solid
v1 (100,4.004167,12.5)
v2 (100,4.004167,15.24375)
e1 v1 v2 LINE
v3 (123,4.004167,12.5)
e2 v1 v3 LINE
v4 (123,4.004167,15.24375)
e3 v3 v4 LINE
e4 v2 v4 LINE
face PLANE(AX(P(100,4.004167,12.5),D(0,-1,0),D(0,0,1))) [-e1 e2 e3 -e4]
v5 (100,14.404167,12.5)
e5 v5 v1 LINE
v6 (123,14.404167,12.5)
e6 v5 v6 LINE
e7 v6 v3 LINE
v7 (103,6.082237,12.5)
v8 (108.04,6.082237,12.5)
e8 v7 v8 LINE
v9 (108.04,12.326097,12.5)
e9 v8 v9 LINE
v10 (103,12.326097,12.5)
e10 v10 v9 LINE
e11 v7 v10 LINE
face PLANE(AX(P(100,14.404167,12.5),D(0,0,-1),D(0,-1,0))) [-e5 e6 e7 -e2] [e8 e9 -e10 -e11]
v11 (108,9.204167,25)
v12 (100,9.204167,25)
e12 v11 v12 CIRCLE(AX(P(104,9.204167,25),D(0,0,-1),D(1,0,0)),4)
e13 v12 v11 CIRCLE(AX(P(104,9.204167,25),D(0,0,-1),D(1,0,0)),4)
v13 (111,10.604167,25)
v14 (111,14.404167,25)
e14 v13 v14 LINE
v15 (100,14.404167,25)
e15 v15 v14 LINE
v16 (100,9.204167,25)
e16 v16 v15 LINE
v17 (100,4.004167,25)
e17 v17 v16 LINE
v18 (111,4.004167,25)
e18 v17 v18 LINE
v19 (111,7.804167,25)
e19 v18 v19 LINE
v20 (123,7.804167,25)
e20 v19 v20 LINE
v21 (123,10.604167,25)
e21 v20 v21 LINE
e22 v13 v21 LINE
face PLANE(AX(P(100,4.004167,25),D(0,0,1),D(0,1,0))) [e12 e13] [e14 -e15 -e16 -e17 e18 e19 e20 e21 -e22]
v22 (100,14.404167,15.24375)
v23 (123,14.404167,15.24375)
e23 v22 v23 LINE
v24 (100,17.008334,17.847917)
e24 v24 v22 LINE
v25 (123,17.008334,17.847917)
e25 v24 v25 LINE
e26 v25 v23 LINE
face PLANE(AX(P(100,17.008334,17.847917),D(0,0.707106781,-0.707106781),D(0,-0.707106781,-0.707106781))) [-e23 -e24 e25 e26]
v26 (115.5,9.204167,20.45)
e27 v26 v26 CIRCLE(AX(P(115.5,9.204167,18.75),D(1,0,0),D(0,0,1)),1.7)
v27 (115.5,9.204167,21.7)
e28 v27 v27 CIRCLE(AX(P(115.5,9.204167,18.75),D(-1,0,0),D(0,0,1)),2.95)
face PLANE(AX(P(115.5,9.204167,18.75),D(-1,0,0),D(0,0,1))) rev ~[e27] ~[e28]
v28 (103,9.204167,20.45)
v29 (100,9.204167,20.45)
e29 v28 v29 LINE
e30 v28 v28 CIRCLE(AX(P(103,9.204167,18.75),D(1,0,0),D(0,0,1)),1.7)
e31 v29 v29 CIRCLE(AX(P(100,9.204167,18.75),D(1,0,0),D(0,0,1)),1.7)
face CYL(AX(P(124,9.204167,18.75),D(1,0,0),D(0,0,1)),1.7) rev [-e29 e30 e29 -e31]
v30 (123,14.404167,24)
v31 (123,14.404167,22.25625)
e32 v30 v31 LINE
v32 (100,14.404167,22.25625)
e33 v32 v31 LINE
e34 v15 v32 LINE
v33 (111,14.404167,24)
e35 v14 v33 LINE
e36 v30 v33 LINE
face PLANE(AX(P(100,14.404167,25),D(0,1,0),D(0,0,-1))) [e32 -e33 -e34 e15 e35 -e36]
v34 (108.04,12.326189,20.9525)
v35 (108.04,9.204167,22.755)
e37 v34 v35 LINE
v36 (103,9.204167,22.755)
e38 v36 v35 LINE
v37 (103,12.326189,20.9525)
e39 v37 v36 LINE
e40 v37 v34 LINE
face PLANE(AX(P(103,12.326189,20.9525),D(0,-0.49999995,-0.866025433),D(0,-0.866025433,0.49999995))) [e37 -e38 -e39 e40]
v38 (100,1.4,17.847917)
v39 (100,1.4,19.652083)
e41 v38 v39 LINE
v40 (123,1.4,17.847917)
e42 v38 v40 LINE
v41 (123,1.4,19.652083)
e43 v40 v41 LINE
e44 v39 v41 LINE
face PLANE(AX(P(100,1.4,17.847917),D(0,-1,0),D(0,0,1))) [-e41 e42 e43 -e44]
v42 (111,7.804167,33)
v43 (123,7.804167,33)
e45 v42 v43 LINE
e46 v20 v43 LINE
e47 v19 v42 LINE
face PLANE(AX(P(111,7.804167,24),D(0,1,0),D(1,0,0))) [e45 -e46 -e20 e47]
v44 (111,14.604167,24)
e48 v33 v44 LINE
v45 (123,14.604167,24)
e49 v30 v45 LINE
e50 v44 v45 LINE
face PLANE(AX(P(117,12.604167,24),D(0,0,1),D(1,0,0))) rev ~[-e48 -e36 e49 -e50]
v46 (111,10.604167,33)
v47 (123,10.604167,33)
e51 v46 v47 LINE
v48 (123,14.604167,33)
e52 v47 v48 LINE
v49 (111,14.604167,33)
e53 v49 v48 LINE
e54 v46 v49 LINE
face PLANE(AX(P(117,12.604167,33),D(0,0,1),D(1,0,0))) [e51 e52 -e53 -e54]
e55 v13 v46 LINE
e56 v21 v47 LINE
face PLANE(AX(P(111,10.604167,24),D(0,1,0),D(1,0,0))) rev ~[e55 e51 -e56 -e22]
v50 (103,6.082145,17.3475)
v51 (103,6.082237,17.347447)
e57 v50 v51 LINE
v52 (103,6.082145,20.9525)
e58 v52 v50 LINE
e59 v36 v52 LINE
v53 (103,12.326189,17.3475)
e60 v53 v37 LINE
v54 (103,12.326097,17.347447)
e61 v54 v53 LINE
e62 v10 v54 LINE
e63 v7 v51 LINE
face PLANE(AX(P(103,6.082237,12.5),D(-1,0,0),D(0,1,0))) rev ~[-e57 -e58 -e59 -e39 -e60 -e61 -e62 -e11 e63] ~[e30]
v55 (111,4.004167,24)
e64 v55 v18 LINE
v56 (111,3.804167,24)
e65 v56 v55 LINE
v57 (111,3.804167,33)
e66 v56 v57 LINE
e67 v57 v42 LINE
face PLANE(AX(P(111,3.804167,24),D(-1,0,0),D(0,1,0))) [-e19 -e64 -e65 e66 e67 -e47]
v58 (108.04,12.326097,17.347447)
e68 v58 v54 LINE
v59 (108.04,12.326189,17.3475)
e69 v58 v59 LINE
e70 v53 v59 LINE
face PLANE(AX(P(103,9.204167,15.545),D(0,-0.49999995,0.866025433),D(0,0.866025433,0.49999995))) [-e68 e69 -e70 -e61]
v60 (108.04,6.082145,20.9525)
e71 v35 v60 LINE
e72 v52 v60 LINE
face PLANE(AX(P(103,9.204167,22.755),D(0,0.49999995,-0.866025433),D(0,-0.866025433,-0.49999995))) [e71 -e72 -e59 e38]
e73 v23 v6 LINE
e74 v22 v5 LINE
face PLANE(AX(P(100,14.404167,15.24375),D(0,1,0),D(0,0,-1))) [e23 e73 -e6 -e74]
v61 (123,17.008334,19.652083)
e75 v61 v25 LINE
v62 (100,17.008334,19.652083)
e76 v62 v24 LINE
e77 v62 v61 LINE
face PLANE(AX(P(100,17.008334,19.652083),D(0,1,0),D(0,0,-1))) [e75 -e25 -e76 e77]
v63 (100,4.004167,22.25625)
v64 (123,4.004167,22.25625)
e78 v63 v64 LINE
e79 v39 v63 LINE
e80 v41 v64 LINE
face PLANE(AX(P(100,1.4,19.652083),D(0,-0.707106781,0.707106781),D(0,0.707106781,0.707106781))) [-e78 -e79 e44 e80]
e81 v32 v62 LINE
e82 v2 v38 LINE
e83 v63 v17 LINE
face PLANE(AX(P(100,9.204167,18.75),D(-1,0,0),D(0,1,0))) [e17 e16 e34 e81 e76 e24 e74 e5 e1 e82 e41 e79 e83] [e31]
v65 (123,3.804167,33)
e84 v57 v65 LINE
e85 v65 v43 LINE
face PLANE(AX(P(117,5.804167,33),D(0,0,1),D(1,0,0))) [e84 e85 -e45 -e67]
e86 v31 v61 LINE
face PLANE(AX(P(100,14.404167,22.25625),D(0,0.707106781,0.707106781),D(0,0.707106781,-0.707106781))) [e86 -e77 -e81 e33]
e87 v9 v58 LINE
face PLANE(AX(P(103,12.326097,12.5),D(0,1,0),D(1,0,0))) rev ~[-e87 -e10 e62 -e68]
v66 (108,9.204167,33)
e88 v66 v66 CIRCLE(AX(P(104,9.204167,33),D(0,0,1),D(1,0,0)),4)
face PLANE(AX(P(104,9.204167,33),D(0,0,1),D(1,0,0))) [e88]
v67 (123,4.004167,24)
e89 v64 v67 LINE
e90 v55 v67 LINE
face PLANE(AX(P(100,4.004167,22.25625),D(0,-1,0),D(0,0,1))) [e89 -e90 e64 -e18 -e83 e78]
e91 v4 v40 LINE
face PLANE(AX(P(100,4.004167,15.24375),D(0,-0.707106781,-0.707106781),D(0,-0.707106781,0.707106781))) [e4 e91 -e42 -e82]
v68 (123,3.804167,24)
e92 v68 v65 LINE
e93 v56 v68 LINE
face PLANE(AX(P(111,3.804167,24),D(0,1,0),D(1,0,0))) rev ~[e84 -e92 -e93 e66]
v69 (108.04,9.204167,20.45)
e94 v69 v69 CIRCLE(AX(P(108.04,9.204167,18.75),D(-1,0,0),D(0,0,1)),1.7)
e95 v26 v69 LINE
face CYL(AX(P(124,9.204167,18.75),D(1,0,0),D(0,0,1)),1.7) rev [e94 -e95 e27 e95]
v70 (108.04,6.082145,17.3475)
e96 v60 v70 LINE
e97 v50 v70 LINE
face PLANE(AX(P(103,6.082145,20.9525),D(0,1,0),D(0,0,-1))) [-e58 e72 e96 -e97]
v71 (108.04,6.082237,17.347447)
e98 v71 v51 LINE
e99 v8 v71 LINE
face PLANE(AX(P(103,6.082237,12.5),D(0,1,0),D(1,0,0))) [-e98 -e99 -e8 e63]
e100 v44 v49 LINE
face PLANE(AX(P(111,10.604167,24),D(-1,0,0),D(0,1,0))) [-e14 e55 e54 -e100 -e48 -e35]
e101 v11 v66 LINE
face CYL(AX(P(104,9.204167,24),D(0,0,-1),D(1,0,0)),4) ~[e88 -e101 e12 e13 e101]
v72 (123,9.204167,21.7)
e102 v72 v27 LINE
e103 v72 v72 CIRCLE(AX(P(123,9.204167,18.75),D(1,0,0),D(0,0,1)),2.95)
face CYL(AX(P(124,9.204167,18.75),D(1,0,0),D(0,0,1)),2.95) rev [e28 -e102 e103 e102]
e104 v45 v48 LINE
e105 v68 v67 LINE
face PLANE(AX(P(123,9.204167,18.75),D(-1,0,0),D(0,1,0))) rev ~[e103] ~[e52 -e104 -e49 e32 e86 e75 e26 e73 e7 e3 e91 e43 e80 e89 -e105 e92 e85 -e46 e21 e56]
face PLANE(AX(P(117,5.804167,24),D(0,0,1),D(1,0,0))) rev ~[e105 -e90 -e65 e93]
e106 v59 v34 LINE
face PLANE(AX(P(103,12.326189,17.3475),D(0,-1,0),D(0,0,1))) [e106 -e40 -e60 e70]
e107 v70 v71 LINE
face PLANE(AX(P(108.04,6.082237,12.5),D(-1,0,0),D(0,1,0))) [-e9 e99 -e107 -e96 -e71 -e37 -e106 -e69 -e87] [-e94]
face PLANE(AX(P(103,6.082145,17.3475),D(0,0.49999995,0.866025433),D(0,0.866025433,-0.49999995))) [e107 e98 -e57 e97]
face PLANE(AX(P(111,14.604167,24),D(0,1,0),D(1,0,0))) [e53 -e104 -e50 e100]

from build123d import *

# Parameters (mm, degrees)
GT2CLAMP0_BASE_LSCREW_NUT_DEPTH       = 5.04
GT2CLAMP0_BASE_LSCREW_NUT_PITCH_ANGLE = 90
GT2CLAMP0_BASE_LSCREW_NUT2_W          = 5.04
GT2CLAMP0_BASE_LSCREW_NUT2_H          = 6.24386
GT2CLAMP0_BASE_LSCREW_NUT2_DEPTH      = 6.65
GT2CLAMP0_BASE_LSCREW_HEAD_R          = 2.95
GT2CLAMP0_BASE_LSCREW_HEAD_DEPTH      = 8.5
GT2CLAMP0_BASE_LSCREW_SHANK_R         = 1.7
GT2CLAMP0_BASE_LSCREW_SHANK_DEPTH     = 25
GT2CLAMP0_BASE_LSCREW_PITCH_ANGLE     = -90
GT2CLAMP0_CB3_W                       = 12
GT2CLAMP0_CB3_H                       = 4
GT2CLAMP0_CB3_DEPTH                   = 9
GT2CLAMP0_CYL_R                       = 4
GT2CLAMP0_CYL_DEPTH                   = 9
GT2CLAMP0EXTR_BASE_DEPTH              = 23
GT2CLAMP0_CB1_W                       = 12
GT2CLAMP0_CB1_H                       = 4
GT2CLAMP0_CB1_DEPTH                   = 9


with BuildPart() as gt2clamp0_base_lscrew_nut:
    # gt2clamp0_base_lscrew_nut → gt2clamp0_base_lscrew_nut (new body)
    with BuildSketch(Plane.XY):
        Polygon((3.605, 0), (1.8025, 3.122022), (-1.8025, 3.122022), (-3.605, 0), (-1.8025, -3.122022), (1.8025, -3.122022), align=None)
    extrude(amount=GT2CLAMP0_BASE_LSCREW_NUT_DEPTH)


with BuildPart() as gt2clamp0_base_lscrew_nut_1:
    # gt2clamp0_base_lscrew_nut pitch: moved
    add(gt2clamp0_base_lscrew_nut.part.rotate(Axis((0, 0, 0), (0, 1, 0)), GT2CLAMP0_BASE_LSCREW_NUT_PITCH_ANGLE))


with BuildPart() as gt2clamp0_base_lscrew_nut_2:
    # gt2clamp0_base_lscrew_nut placement: moved
    add(gt2clamp0_base_lscrew_nut_1.part.moved(Location((3, 8.004167, 6.65))))


with BuildPart() as gt2clamp0_base_lscrew_nut2:
    # gt2clamp0_base_lscrew_nut2 → gt2clamp0_base_lscrew_nut2 (new body)
    with BuildSketch(Plane(origin=(3, 4.882237, 0), x_dir=(1, 0, 0), z_dir=(0, 0, 1))):
        with Locations((2.52, 3.12193)):
            Rectangle(GT2CLAMP0_BASE_LSCREW_NUT2_W, GT2CLAMP0_BASE_LSCREW_NUT2_H)
    extrude(amount=GT2CLAMP0_BASE_LSCREW_NUT2_DEPTH)


with BuildPart() as gt2clamp0_base_lscrew_head:
    # gt2clamp0_base_lscrew_head → gt2clamp0_base_lscrew_head (new body)
    with BuildSketch(Plane.XY.offset(-1)):
        Circle(GT2CLAMP0_BASE_LSCREW_HEAD_R)
    extrude(amount=GT2CLAMP0_BASE_LSCREW_HEAD_DEPTH)


with BuildPart() as gt2clamp0_clamp_hole:
    # gt2clamp0_base_lscrew_shank → gt2clamp0_base_lscrew_shank (new body)
    with BuildSketch(Plane.XY.offset(-1)):
        Circle(GT2CLAMP0_BASE_LSCREW_SHANK_R)
    extrude(amount=GT2CLAMP0_BASE_LSCREW_SHANK_DEPTH)

    # gt2clamp0_base_lscrew: union gt2clamp0_base_lscrew_head
    add(gt2clamp0_base_lscrew_head.part)


with BuildPart() as gt2clamp0_clamp_hole_1:
    # gt2clamp0_base_lscrew pitch: moved
    add(gt2clamp0_clamp_hole.part.rotate(Axis((0, 0, 0), (0, 1, 0)), GT2CLAMP0_BASE_LSCREW_PITCH_ANGLE))


with BuildPart() as gt2clamp0_clamp_hole_2:
    # gt2clamp0_base_lscrew placement: moved
    add(gt2clamp0_clamp_hole_1.part.moved(Location((23, 8.004167, 6.25))))

    # gt2clamp0_clamp_hole: union gt2clamp0_base_lscrew_nut, gt2clamp0_base_lscrew_nut2
    add(gt2clamp0_base_lscrew_nut_2.part)
    add(gt2clamp0_base_lscrew_nut2.part)


with BuildPart() as gt2clamp0_cb3:
    # gt2clamp0_cb3 → gt2clamp0_cb3 (new body)
    with BuildSketch(Plane(origin=(11, 9.404167, 11.5), x_dir=(1, 0, 0), z_dir=(0, 0, 1))):
        with Locations((6, 2)):
            Rectangle(GT2CLAMP0_CB3_W, GT2CLAMP0_CB3_H)
    extrude(amount=GT2CLAMP0_CB3_DEPTH)


with BuildPart() as gt2clamp0_cyl:
    # gt2clamp0_cyl → gt2clamp0_cyl (new body)
    with BuildSketch(Plane(origin=(4, 8.004167, 11.5), x_dir=(1, 0, 0), z_dir=(0, 0, 1))):
        Circle(GT2CLAMP0_CYL_R)
    extrude(amount=GT2CLAMP0_CYL_DEPTH)


with BuildPart() as gt2clamp0extr_base:
    # gt2clamp0base_plane_yz → gt2clamp0extr_base (new body)
    with BuildSketch(Plane(origin=(0, 8.004167, 6.25), x_dir=(0, 1, 0), z_dir=(-1, 0, 0))):
        Polygon((-5.2, 6.25), (-5.2, 3.50625), (-7.804167, 0.902083), (-7.804167, -0.902083), (-5.2, -3.50625), (-5.2, -6.25), (5.2, -6.25), (5.2, -3.50625), (7.804167, -0.902083), (7.804167, 0.902083), (5.2, 3.50625), (5.2, 6.25), align=None)
    extrude(amount=-GT2CLAMP0EXTR_BASE_DEPTH)


with BuildPart() as gt2clamp0:
    # gt2clamp0_cb1 → gt2clamp0_cb1 (new body)
    with BuildSketch(Plane(origin=(11, 2.604167, 11.5), x_dir=(1, 0, 0), z_dir=(0, 0, 1))):
        with Locations((6, 2)):
            Rectangle(GT2CLAMP0_CB1_W, GT2CLAMP0_CB1_H)
    extrude(amount=GT2CLAMP0_CB1_DEPTH)

    # gt2clamp0clamp_base: union gt2clamp0_cb3, gt2clamp0_cyl, gt2clamp0extr_base
    add(gt2clamp0_cb3.part)
    add(gt2clamp0_cyl.part)
    add(gt2clamp0extr_base.part)

    # gt2clamp0: cut gt2clamp0_clamp_hole
    add(gt2clamp0_clamp_hole_2.part, mode=Mode.SUBTRACT)


with BuildPart() as gt2clamp0_1:
    # gt2clamp0 placement: moved
    add(gt2clamp0.part.moved(Location((100, 1.2, 12.5))))


solid = gt2clamp0_1.part
